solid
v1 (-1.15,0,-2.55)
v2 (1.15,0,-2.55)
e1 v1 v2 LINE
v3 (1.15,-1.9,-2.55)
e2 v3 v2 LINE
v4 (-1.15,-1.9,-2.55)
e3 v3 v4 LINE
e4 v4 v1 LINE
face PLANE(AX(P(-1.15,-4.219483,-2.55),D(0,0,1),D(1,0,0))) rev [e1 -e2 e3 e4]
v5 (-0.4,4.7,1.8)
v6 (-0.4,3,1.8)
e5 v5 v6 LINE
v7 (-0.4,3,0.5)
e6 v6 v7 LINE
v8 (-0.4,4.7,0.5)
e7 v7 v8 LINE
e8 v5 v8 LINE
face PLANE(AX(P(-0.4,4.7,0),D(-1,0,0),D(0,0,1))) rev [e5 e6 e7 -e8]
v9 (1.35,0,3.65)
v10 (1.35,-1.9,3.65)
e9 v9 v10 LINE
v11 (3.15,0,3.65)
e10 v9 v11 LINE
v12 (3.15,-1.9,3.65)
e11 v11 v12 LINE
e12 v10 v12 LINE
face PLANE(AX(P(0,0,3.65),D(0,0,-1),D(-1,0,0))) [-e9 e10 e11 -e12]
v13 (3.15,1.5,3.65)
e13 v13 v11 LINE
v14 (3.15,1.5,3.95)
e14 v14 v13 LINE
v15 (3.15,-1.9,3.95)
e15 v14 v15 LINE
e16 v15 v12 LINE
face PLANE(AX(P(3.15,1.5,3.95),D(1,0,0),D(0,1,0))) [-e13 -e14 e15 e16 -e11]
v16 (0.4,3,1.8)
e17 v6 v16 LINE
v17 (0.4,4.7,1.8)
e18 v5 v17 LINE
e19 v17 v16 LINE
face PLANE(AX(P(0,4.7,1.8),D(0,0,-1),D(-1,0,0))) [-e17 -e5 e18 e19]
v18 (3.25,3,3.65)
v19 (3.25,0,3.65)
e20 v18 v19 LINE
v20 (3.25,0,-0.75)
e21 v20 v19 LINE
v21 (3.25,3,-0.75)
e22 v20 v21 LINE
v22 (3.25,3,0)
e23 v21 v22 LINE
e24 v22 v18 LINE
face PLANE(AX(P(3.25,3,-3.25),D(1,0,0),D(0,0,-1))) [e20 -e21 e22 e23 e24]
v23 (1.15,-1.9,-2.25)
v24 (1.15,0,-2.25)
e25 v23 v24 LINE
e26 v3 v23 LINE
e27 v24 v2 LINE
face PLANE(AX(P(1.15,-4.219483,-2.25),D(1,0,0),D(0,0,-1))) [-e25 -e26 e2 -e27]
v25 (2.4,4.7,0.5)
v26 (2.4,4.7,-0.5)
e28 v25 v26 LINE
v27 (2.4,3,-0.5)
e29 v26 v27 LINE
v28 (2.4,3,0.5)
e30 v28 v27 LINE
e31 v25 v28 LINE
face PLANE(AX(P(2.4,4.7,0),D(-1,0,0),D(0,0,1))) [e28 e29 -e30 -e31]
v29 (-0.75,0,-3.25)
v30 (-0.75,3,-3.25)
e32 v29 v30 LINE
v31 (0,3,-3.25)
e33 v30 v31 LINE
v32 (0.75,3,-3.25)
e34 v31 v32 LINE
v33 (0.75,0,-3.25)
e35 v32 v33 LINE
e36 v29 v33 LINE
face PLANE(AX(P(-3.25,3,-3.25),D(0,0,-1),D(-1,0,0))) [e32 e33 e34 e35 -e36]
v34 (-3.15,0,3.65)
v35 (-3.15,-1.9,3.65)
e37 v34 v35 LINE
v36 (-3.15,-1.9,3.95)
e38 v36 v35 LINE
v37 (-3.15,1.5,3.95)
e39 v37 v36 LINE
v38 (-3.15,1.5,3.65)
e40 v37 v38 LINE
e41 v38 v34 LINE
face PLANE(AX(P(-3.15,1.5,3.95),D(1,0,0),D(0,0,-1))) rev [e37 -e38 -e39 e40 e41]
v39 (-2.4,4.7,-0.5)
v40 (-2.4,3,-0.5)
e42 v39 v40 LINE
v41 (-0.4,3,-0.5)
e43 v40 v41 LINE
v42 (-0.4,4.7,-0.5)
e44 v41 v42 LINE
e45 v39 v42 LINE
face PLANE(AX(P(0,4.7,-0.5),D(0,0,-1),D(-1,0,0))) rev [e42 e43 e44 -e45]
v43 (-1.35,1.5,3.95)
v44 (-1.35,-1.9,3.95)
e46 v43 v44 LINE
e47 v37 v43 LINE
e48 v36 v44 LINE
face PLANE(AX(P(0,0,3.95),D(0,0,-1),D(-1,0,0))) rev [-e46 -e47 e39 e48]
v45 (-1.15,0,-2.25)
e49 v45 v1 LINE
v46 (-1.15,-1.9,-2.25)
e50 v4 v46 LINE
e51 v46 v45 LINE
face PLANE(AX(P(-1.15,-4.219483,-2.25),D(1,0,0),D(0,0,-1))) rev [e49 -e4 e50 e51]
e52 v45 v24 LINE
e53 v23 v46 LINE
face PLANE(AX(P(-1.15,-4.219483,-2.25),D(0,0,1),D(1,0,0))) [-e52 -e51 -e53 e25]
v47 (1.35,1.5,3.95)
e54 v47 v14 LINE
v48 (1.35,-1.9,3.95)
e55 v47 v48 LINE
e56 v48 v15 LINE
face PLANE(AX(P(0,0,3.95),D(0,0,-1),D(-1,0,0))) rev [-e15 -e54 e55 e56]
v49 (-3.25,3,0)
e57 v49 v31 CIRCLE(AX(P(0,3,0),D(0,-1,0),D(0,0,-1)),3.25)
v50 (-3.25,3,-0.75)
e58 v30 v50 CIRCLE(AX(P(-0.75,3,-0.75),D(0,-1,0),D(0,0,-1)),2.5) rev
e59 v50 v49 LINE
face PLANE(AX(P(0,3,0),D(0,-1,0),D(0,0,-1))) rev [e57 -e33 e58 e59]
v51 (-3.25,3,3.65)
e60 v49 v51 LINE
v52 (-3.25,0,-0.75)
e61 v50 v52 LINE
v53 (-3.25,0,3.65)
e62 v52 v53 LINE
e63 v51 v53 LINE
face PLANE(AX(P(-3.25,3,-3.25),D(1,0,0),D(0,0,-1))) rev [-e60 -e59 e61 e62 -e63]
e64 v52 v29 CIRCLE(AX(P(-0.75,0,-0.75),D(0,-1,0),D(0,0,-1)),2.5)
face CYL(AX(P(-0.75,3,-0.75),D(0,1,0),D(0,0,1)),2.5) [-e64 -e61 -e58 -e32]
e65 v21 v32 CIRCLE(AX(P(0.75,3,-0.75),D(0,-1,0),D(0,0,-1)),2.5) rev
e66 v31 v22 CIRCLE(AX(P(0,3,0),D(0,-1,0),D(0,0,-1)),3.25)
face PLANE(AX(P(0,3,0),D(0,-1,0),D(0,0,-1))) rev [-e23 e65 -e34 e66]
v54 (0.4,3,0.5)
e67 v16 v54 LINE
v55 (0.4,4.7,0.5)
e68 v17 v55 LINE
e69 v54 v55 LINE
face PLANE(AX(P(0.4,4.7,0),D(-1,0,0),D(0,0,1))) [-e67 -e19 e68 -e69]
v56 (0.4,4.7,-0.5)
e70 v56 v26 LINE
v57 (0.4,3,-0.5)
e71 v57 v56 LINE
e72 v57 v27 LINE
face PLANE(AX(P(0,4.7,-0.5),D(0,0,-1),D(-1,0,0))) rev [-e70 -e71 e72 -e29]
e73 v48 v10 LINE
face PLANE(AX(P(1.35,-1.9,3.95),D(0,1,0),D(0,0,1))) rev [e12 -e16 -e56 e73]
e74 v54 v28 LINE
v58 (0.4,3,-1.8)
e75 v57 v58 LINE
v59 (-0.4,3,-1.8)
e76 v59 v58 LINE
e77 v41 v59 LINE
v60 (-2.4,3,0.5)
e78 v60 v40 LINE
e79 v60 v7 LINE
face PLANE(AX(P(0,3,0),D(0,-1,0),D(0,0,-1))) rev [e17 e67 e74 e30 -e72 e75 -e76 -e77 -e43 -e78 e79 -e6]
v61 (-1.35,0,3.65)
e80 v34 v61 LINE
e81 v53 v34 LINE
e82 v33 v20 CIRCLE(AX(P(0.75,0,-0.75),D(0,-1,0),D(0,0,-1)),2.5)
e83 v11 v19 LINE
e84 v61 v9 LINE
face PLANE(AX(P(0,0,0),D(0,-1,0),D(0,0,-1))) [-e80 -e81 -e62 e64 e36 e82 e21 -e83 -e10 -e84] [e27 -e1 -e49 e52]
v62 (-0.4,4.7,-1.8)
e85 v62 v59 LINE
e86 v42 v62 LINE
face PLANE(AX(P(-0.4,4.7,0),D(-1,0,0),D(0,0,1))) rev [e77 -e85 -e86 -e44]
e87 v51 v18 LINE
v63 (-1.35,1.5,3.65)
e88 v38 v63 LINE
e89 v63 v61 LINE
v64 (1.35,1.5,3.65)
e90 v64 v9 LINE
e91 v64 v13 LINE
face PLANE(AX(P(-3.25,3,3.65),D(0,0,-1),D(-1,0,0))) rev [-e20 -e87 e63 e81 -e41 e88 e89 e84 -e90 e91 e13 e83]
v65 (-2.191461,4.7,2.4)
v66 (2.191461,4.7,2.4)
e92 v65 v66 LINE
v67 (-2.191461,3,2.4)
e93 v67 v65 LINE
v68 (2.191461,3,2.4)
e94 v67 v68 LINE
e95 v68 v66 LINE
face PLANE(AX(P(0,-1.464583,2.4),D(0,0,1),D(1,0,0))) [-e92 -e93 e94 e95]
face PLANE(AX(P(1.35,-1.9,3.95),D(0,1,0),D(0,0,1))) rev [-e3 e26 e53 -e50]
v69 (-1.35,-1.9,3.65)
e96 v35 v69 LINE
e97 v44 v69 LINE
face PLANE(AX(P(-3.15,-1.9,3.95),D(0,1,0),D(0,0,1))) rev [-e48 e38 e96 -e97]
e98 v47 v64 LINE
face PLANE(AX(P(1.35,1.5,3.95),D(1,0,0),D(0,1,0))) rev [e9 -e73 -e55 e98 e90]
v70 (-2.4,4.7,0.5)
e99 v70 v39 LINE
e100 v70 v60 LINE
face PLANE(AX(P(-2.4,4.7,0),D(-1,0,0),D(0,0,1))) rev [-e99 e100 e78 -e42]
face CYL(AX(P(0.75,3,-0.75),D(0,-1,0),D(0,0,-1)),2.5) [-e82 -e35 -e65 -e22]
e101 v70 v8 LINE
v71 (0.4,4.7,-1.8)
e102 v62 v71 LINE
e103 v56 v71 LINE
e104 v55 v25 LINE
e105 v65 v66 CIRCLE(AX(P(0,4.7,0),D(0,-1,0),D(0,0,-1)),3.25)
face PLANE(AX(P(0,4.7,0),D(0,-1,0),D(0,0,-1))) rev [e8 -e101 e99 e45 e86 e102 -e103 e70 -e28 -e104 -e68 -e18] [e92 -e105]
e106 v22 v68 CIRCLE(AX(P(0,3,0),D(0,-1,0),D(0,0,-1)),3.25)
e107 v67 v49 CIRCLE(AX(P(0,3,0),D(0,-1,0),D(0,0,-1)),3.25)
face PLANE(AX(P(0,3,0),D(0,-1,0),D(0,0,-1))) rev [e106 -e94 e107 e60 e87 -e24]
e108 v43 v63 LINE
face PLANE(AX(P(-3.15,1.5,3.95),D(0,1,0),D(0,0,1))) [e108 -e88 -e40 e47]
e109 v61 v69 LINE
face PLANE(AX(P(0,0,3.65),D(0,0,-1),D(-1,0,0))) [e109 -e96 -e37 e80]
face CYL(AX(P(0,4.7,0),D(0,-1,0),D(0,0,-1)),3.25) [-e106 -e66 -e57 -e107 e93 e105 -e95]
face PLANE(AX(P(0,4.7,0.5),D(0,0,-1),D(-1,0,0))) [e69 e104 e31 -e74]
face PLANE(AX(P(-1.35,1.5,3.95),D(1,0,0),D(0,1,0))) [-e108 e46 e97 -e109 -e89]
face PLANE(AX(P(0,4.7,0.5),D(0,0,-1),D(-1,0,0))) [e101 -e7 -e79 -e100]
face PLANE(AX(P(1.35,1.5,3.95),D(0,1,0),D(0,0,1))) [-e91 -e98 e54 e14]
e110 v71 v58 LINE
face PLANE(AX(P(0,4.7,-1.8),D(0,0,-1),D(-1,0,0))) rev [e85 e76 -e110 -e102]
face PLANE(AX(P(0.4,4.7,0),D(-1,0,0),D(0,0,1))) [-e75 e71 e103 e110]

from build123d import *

# Parameters (mm, degrees)
SKETCH_1_W          = 6.5
SKETCH_1_H          = 6.9
EXTRUDE_1_DEPTH     = 3
EXTRUDE_START       = 3
SKETCH_1_3_R        = 3.25
EXTRUDE_2_DEPTH     = 1.7
CUT_EXTRUDE_START   = 3
CUT_EXTRUDE_1_DEPTH = 1.7
FILLET_1_R          = 2.5
SKETCH_2_W          = 1.8
SKETCH_2_H          = 3.4
EXTRUDE_3_DEPTH     = 0.3
SKETCH_3_W          = 2.3
SKETCH_3_H          = 0.3
EXTRUDE_4_DEPTH     = 1.9


with BuildPart() as part:
    # 草图1 → 凸台-拉伸1 (new body)
    with BuildSketch(Plane(origin=(0, 0, 0), x_dir=(1, 0, 0), z_dir=(0, 1, 0))):
        with Locations((0, -0.2)):
            Rectangle(SKETCH_1_W, SKETCH_1_H)
    extrude(amount=EXTRUDE_1_DEPTH)

    # 草图1<3> → 凸台-拉伸2 (add)
    with BuildSketch(Plane(origin=(0, 0, 0), x_dir=(1, 0, 0), z_dir=(0, 1, 0)).offset(EXTRUDE_START)):
        with Locations(Location((0, 0, 0), (0, 0, 90))):
            Circle(SKETCH_1_3_R)
        Polygon((-2.4, -0.5), (-2.4, 0.5), (-0.4, 0.5), (-0.4, 1.8), (0.4, 1.8), (0.4, 0.5), (2.4, 0.5), (2.4, -0.5), (0.4, -0.5), (0.4, -1.8), (-0.4, -1.8), (-0.4, -0.5), align=None, mode=Mode.SUBTRACT)
    extrude(amount=EXTRUDE_2_DEPTH)

    # 草图1<4> → 切除-拉伸1 (cut)
    with BuildSketch(Plane(origin=(0, 0, 0), x_dir=(1, 0, 0), z_dir=(0, 1, 0)).offset(CUT_EXTRUDE_START)):
        with BuildLine():
            Line((2.1914607, -2.4), (-2.1914607, -2.4))
            ThreePointArc((-2.1914607, -2.4), (0, -3.25), (2.1914607, -2.4))
        make_face()
    extrude(amount=CUT_EXTRUDE_1_DEPTH, mode=Mode.SUBTRACT)

    # 圆角1
    fillet_1_edges = [part.edges().sort_by_distance(p)[0] for p in [
        (-3.25, 1.5, -3.25),
        (3.25, 1.5, -3.25),
    ]]
    fillet(fillet_1_edges, radius=FILLET_1_R)

    # 草图2 → 凸台-拉伸3 (add)
    with BuildSketch(Plane.XY.offset(3.65)):
        with Locations((-2.25, -0.2)):
            Rectangle(SKETCH_2_W, SKETCH_2_H)
        with Locations((2.25, -0.2)):
            Rectangle(SKETCH_2_W, SKETCH_2_H)
    extrude(amount=EXTRUDE_3_DEPTH)

    # 草图3 → 凸台-拉伸4 (add)
    with BuildSketch(Plane.XZ):
        with Locations((0, -2.4)):
            Rectangle(SKETCH_3_W, SKETCH_3_H)
    extrude(amount=EXTRUDE_4_DEPTH)


solid = part.part
